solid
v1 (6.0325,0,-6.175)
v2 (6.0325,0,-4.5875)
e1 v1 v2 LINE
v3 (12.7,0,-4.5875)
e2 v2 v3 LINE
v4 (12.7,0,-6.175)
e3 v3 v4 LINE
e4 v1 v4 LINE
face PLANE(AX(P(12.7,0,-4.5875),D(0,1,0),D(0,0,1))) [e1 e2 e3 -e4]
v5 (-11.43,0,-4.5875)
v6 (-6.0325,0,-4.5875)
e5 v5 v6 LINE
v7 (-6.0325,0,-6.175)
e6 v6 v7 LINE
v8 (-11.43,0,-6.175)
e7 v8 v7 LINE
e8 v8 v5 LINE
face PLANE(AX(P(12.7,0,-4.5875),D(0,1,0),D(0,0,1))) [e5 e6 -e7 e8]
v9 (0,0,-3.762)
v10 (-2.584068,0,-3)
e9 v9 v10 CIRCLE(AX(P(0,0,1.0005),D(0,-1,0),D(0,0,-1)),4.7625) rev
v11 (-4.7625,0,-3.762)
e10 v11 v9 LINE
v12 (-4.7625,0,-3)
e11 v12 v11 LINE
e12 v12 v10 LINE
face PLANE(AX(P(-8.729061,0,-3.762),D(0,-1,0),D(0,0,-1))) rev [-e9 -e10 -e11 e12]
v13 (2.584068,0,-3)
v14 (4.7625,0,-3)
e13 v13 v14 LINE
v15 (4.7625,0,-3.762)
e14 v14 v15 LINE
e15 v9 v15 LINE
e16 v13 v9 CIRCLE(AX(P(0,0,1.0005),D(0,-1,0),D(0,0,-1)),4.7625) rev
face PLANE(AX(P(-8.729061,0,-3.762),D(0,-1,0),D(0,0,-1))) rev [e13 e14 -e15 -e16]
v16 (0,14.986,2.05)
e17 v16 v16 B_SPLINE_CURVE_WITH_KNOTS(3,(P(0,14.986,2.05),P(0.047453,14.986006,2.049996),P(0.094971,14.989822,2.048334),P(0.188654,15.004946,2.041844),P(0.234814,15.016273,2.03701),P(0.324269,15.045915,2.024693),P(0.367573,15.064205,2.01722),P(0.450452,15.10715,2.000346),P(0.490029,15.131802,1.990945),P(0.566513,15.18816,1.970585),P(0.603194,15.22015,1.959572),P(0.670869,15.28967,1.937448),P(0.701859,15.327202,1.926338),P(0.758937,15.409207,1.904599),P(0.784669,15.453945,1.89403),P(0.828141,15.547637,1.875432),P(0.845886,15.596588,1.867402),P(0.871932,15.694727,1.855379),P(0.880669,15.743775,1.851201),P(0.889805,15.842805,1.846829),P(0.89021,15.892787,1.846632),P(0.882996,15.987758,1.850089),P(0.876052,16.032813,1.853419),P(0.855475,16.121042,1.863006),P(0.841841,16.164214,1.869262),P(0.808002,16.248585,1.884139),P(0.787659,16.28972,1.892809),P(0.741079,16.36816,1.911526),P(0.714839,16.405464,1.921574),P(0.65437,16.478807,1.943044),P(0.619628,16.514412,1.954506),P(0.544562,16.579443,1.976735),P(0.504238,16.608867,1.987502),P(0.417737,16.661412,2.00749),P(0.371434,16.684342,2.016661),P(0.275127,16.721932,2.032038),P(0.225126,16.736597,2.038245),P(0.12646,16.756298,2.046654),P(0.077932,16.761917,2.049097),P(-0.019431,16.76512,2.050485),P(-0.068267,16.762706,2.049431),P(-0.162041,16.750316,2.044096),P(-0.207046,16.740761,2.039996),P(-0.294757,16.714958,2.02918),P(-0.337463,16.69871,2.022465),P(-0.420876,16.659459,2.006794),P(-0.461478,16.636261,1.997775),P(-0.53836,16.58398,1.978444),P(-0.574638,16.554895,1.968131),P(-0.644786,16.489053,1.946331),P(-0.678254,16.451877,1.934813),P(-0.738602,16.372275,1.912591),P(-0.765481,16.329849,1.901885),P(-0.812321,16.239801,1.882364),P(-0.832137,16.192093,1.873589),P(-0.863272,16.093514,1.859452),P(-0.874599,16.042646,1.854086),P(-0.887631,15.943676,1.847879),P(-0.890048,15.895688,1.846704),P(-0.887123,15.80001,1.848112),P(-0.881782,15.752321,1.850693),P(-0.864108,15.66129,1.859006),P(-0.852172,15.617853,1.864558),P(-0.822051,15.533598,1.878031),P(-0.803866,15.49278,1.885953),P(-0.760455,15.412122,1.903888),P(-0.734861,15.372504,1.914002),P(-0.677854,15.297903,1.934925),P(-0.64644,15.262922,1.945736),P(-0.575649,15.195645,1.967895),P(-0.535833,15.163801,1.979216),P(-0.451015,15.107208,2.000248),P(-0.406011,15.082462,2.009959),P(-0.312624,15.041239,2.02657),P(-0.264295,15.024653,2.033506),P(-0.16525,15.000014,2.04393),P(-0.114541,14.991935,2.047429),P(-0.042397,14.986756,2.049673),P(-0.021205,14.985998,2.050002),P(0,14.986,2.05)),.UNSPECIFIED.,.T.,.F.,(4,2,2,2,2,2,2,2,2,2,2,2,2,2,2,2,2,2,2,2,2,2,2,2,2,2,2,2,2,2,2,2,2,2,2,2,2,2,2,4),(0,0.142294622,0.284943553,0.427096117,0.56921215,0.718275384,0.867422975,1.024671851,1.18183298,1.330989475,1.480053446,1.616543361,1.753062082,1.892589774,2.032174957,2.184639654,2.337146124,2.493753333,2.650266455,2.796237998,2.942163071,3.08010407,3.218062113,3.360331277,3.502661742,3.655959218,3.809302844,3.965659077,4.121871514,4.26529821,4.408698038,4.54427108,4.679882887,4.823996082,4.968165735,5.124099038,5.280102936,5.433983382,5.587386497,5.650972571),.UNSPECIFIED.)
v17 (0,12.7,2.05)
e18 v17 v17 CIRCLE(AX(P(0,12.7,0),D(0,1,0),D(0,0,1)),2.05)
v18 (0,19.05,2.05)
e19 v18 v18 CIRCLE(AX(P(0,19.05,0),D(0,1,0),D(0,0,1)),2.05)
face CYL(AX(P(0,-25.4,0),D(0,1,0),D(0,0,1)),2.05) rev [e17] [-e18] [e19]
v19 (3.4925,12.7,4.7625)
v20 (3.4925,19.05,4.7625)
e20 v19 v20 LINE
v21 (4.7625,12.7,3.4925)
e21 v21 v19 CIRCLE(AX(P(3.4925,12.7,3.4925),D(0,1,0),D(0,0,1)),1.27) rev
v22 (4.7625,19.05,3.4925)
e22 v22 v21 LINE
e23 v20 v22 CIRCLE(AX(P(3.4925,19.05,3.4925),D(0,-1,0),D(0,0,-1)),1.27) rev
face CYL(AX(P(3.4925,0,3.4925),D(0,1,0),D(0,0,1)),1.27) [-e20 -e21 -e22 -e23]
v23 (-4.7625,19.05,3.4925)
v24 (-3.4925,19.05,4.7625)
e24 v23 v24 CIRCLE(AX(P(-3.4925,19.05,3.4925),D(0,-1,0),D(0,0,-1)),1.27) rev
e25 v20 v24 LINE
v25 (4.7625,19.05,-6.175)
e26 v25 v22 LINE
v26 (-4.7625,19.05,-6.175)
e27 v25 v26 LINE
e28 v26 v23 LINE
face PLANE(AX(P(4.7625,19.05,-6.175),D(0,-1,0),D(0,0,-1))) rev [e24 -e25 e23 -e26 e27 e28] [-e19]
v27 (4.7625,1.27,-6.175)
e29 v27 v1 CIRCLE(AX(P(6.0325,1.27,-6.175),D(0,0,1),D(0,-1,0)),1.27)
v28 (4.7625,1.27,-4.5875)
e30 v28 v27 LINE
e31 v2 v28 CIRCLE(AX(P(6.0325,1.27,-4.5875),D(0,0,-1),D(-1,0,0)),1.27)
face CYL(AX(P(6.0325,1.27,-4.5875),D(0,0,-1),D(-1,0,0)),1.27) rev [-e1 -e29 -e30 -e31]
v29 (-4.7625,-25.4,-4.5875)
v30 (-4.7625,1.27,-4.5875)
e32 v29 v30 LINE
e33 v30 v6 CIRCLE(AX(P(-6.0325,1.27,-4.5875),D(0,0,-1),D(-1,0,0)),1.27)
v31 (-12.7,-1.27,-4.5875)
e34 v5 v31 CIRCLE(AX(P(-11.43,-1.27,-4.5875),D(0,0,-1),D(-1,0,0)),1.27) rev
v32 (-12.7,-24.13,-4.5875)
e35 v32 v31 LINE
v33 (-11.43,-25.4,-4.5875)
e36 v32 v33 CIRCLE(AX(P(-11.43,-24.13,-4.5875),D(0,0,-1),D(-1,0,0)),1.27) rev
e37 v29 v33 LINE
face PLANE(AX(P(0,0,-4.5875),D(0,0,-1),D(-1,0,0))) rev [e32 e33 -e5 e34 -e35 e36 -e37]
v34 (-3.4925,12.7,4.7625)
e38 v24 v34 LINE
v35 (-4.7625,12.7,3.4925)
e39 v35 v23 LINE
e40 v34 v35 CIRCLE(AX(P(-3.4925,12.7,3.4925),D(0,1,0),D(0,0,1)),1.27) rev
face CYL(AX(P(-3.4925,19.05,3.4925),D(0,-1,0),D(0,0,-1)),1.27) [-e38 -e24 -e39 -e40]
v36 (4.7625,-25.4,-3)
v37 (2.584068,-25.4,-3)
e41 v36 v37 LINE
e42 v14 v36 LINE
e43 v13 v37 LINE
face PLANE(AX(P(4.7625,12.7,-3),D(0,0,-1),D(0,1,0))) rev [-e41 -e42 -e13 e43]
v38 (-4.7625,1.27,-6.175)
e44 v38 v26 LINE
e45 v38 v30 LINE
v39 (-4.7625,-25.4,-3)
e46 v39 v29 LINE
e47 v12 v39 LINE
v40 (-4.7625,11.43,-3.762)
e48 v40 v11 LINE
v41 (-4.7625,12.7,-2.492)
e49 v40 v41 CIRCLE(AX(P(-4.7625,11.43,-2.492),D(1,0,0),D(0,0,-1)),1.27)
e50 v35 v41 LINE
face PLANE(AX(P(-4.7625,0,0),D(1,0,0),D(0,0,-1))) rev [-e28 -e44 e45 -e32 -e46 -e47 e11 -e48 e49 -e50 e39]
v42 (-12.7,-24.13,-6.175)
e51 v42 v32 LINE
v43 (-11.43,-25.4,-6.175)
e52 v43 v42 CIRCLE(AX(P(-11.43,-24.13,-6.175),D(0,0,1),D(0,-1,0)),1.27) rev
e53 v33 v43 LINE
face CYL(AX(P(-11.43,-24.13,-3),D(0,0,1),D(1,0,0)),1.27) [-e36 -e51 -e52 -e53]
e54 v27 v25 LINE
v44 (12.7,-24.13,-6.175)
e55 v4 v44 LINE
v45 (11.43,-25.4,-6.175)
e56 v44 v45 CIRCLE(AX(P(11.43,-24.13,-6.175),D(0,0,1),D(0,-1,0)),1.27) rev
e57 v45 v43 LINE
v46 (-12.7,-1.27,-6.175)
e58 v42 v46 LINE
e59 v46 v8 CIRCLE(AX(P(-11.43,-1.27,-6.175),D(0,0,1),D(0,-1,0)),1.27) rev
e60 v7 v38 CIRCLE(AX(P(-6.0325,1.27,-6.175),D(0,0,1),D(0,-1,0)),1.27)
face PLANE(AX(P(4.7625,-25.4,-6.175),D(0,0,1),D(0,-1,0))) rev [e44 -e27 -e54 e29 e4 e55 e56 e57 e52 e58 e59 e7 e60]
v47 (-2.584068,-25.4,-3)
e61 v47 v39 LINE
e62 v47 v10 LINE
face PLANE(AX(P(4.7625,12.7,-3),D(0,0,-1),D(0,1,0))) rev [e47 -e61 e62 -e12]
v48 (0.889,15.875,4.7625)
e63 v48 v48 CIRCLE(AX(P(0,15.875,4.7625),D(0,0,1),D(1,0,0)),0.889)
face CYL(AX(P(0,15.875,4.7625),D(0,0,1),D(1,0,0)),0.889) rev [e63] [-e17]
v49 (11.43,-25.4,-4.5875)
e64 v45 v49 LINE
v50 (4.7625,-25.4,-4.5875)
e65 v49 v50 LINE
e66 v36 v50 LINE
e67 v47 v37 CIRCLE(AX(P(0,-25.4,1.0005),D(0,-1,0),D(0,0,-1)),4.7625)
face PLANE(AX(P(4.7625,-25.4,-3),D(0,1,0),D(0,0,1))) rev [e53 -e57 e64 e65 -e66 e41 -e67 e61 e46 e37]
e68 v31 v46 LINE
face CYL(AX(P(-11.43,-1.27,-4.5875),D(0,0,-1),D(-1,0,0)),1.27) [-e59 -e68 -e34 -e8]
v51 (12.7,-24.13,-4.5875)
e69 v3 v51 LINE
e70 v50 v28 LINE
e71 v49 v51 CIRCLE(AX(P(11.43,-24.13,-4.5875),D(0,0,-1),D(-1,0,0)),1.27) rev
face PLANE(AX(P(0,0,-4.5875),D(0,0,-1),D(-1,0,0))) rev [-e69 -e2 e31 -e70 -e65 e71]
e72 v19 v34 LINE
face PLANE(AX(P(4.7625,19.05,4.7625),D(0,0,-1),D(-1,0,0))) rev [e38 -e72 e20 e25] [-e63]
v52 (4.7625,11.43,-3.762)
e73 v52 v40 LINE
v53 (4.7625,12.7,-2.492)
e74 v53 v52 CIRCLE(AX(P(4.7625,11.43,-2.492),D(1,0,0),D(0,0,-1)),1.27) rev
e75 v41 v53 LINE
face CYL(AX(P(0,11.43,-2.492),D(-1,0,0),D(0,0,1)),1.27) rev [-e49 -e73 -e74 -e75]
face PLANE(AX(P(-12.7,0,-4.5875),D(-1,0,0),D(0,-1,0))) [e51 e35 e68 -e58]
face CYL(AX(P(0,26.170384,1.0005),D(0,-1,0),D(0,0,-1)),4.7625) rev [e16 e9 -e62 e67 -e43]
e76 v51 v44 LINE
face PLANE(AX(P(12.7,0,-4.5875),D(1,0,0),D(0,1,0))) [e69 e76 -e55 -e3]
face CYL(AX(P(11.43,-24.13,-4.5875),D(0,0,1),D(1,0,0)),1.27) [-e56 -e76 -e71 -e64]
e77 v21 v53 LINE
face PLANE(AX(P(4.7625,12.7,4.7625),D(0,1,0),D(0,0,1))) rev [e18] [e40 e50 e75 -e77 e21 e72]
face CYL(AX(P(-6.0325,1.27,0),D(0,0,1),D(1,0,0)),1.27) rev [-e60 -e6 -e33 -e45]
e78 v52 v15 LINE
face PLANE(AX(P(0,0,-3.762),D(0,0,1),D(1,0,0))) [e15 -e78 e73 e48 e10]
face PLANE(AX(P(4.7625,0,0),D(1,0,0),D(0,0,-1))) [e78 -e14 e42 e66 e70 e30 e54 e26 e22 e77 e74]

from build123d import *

# Parameters (mm, degrees)
BOSS_EXTRUDE1_DEPTH        = 4.7625
SKETCH3_R                  = 2.05
CUT_EXTRUDE1_DEPTH         = 46.128865832
SKETCH4_R                  = 4.7625
CUT_EXTRUDE2_DEPTH         = 38.1
SKETCH5_W                  = 25.4
SKETCH5_H                  = 25.4
BOSS_EXTRUDE2_DEPTH        = 1.5875
SKETCH6_W                  = 23.891441553
SKETCH6_H                  = 12.7
CUT_EXTRUDE3_DEPTH         = 0.762
FILLET1_R                  = 1.27
F_2_56_TAPPED_HOLE1_REACH  = 32.432
F_2_56_TAPPED_HOLE1_BORE_R = 0.889


with BuildPart() as part:
    # Sketch2 → Boss-Extrude1 (new, symmetric)
    with BuildSketch(Plane(origin=(0, 0, 0), x_dir=(0, 0, -1), z_dir=(1, 0, 0))):
        Polygon((-4.7625, 12.7), (3, 12.7), (3, -25.4), (6.175, -25.4), (6.175, 19.05), (-4.7625, 19.05), align=None)
    extrude(amount=BOSS_EXTRUDE1_DEPTH, both=True)

    # Sketch3 → Cut-Extrude1 (cut, through all)
    with BuildSketch(Plane(origin=(0, 19.05, 0), x_dir=(1, 0, 0), z_dir=(0, 1, 0))):
        with Locations(Location((0, 0, 0), (0, 0, 270))):
            Circle(SKETCH3_R)
    extrude(amount=-CUT_EXTRUDE1_DEPTH, mode=Mode.SUBTRACT)

    # Sketch4 → Cut-Extrude2 (cut)
    with BuildSketch(Plane.XZ.offset(25.4)):
        with Locations((0, 1.0005)):
            Circle(SKETCH4_R)
    extrude(amount=-CUT_EXTRUDE2_DEPTH, mode=Mode.SUBTRACT)

    # Sketch5 → Boss-Extrude2 (add)
    with BuildSketch(Plane(origin=(0, 0, -6.175), x_dir=(-1, 0, 0), z_dir=(0, 0, -1))):
        with Locations((0, -12.7)):
            Rectangle(SKETCH5_W, SKETCH5_H)
    extrude(amount=-BOSS_EXTRUDE2_DEPTH)

    # Sketch6 → Cut-Extrude3 (cut)
    with BuildSketch(Plane.XY.offset(-3)):
        with Locations((3.216659965, 6.35)):
            Rectangle(SKETCH6_W, SKETCH6_H)
    extrude(amount=-CUT_EXTRUDE3_DEPTH, mode=Mode.SUBTRACT)

    # Fillet1
    fillet1_edges = [part.edges().sort_by_distance(p)[0] for p in [
        (4.7625, 15.875, 4.7625),
        (-4.7625, 0, -5.38125),
        (-12.7, -25.4, -5.38125),
        (-12.7, 0, -5.38125),
        (12.7, -25.4, -5.38125),
        (4.7625, 0, -5.38125),
        (0, 12.7, -3.762),
        (-4.7625, 15.875, 4.7625),
    ]]
    fillet(fillet1_edges, radius=FILLET1_R)

    # #2-56 Tapped Hole1 bore → #2-56 Tapped Hole1 (cut, up to next)
    with BuildSketch(Plane.XY.offset(4.7625), mode=Mode.PRIVATE) as f_2_56_tapped_hole1_sk1:
        with Locations((0, 15.875)):
            Circle(F_2_56_TAPPED_HOLE1_BORE_R)
    f_2_56_tapped_hole1_tool1 = extrude(f_2_56_tapped_hole1_sk1.sketch, amount=-F_2_56_TAPPED_HOLE1_REACH, mode=Mode.PRIVATE) & part.part
    add(f_2_56_tapped_hole1_tool1.solids().sort_by_distance((0, 15.875, 4.7625))[0], mode=Mode.SUBTRACT)


solid = part.part
